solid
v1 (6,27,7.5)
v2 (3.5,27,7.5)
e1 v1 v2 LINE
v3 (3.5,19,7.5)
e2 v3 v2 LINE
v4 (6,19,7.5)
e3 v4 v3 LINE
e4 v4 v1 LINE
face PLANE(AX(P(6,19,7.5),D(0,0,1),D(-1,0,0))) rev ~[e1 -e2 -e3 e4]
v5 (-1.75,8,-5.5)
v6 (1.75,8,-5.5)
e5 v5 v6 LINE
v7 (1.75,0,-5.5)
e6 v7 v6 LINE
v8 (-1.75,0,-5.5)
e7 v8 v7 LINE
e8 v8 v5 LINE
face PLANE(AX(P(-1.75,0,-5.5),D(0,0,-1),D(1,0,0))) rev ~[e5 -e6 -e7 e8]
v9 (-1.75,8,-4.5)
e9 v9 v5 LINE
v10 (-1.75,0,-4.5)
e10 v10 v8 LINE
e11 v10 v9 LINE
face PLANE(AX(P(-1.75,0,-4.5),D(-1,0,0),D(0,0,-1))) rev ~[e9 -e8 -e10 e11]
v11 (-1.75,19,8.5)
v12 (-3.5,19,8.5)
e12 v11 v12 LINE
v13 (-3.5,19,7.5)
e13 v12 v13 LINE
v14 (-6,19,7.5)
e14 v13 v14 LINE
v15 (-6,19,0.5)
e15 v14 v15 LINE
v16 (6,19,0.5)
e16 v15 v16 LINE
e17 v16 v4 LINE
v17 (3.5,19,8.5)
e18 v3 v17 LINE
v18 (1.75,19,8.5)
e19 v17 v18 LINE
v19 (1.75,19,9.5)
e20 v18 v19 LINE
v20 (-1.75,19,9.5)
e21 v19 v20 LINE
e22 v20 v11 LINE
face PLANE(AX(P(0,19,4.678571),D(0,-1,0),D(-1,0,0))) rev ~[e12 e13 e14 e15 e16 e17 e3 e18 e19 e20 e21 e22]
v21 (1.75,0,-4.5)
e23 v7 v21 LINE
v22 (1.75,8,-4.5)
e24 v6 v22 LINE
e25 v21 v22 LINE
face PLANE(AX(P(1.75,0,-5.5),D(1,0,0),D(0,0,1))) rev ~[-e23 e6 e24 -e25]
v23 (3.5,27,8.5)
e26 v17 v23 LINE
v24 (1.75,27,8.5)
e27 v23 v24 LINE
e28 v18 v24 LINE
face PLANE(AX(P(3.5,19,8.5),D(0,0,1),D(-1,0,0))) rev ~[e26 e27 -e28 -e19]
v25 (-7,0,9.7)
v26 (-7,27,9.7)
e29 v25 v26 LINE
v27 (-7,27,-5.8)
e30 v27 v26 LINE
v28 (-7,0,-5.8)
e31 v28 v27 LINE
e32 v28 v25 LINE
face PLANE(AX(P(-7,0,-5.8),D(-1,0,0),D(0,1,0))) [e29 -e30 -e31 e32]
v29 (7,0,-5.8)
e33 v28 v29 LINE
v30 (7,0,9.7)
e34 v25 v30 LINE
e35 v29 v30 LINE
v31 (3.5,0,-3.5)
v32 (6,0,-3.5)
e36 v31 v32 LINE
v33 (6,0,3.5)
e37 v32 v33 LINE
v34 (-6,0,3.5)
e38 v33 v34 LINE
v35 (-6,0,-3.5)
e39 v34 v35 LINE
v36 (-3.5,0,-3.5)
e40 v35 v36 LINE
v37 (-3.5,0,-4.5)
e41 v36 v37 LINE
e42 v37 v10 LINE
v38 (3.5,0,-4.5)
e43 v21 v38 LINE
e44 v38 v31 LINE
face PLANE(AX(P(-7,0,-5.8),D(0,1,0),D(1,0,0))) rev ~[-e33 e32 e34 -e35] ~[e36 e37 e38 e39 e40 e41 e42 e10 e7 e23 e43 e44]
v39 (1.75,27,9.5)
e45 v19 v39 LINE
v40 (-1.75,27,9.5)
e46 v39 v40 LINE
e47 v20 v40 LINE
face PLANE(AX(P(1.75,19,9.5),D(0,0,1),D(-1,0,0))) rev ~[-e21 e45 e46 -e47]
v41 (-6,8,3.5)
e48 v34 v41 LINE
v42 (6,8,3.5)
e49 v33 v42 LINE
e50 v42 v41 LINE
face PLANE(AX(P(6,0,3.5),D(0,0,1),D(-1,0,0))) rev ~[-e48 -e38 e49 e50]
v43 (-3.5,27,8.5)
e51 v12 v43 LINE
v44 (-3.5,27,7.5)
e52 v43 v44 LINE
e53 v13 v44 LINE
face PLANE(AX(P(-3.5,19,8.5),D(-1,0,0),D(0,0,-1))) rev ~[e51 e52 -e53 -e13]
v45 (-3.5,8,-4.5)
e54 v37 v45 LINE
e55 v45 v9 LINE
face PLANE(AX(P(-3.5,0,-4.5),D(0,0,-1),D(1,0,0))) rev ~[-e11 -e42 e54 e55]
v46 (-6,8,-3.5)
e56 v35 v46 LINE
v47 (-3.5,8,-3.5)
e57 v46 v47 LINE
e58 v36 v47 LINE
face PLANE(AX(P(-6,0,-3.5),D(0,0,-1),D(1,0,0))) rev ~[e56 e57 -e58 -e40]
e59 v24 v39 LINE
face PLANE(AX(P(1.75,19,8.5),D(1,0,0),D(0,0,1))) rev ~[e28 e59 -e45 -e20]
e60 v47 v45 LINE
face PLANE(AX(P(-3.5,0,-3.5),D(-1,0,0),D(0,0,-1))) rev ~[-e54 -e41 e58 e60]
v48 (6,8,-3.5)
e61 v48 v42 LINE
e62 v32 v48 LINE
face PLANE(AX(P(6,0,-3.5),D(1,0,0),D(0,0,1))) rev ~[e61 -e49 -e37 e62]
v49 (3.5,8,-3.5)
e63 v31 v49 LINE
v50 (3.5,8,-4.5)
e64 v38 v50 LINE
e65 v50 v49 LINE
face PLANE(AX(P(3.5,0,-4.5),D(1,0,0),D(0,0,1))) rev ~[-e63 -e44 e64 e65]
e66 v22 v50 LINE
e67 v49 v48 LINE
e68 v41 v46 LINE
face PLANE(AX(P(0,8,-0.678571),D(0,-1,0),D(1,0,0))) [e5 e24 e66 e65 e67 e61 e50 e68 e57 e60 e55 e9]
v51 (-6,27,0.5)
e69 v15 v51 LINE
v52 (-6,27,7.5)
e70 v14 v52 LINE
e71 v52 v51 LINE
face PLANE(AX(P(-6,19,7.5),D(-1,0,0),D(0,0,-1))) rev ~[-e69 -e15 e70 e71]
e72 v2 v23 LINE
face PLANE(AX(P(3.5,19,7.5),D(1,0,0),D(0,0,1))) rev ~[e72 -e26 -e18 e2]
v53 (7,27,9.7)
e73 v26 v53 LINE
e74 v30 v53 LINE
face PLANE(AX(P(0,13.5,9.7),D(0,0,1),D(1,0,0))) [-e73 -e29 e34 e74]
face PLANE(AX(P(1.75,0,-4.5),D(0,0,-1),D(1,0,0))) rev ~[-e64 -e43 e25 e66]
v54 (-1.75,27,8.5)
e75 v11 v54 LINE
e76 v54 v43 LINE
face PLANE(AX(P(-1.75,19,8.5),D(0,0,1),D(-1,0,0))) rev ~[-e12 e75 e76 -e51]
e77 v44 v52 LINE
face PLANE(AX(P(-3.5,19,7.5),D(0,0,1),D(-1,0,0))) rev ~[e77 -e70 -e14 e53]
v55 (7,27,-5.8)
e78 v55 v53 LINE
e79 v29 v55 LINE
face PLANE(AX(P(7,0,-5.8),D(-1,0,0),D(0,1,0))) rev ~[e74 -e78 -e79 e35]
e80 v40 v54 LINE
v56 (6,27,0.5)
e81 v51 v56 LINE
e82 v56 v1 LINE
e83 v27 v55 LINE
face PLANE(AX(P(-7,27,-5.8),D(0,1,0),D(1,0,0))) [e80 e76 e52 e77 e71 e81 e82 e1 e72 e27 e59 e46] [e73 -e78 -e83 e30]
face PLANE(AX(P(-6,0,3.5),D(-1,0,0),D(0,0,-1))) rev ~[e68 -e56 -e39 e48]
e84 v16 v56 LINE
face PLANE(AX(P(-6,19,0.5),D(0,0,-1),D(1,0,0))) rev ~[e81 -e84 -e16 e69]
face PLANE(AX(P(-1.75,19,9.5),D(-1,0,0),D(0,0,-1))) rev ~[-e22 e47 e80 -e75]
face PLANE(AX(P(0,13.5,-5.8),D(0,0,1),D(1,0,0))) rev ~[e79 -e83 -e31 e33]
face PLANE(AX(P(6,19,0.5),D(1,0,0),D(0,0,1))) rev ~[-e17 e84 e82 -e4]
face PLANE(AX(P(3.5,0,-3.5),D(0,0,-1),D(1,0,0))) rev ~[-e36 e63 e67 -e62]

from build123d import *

# Parameters (mm, degrees)
PAD046_DEPTH = 8
PAD045_DEPTH = 8
BOX008_W     = 14
BOX008_H     = 27
BOX008_DEPTH = 15.5


with BuildPart() as rj45_cutout2:
    # Sketch047 → Pad046 (new body)
    with BuildSketch(Plane(origin=(0, 19, 4), x_dir=(1, 0, 0), z_dir=(0, 1, 0))):
        Polygon((-6, 3.5), (6, 3.5), (6, -3.5), (3.5, -3.5), (3.5, -4.5), (1.75, -4.5), (1.75, -5.5), (-1.75, -5.5), (-1.75, -4.5), (-3.5, -4.5), (-3.5, -3.5), (-6, -3.5), align=None)
    extrude(amount=PAD046_DEPTH)


with BuildPart() as rj45_cutout1:
    # Sketch046 → Pad045 (new body)
    with BuildSketch(Plane(origin=(0, 0, 0), x_dir=(-1, 0, 0), z_dir=(0, 1, 0))):
        Polygon((-6, 3.5), (6, 3.5), (6, -3.5), (3.5, -3.5), (3.5, -4.5), (1.75, -4.5), (1.75, -5.5), (-1.75, -5.5), (-1.75, -4.5), (-3.5, -4.5), (-3.5, -3.5), (-6, -3.5), align=None)
    extrude(amount=PAD045_DEPTH)


with BuildPart() as rj45_adapter:
    # Box008 → Box008 (new body)
    with BuildSketch(Plane(origin=(-7, 0, -5.8), x_dir=(1, 0, 0), z_dir=(0, 0, 1))):
        with Locations((7, 13.5)):
            Rectangle(BOX008_W, BOX008_H)
    extrude(amount=BOX008_DEPTH)

    # Cut015: cut RJ45_cutout1
    add(rj45_cutout1.part, mode=Mode.SUBTRACT)

    # Cut016: cut RJ45_cutout2
    add(rj45_cutout2.part, mode=Mode.SUBTRACT)


solid = rj45_adapter.part
